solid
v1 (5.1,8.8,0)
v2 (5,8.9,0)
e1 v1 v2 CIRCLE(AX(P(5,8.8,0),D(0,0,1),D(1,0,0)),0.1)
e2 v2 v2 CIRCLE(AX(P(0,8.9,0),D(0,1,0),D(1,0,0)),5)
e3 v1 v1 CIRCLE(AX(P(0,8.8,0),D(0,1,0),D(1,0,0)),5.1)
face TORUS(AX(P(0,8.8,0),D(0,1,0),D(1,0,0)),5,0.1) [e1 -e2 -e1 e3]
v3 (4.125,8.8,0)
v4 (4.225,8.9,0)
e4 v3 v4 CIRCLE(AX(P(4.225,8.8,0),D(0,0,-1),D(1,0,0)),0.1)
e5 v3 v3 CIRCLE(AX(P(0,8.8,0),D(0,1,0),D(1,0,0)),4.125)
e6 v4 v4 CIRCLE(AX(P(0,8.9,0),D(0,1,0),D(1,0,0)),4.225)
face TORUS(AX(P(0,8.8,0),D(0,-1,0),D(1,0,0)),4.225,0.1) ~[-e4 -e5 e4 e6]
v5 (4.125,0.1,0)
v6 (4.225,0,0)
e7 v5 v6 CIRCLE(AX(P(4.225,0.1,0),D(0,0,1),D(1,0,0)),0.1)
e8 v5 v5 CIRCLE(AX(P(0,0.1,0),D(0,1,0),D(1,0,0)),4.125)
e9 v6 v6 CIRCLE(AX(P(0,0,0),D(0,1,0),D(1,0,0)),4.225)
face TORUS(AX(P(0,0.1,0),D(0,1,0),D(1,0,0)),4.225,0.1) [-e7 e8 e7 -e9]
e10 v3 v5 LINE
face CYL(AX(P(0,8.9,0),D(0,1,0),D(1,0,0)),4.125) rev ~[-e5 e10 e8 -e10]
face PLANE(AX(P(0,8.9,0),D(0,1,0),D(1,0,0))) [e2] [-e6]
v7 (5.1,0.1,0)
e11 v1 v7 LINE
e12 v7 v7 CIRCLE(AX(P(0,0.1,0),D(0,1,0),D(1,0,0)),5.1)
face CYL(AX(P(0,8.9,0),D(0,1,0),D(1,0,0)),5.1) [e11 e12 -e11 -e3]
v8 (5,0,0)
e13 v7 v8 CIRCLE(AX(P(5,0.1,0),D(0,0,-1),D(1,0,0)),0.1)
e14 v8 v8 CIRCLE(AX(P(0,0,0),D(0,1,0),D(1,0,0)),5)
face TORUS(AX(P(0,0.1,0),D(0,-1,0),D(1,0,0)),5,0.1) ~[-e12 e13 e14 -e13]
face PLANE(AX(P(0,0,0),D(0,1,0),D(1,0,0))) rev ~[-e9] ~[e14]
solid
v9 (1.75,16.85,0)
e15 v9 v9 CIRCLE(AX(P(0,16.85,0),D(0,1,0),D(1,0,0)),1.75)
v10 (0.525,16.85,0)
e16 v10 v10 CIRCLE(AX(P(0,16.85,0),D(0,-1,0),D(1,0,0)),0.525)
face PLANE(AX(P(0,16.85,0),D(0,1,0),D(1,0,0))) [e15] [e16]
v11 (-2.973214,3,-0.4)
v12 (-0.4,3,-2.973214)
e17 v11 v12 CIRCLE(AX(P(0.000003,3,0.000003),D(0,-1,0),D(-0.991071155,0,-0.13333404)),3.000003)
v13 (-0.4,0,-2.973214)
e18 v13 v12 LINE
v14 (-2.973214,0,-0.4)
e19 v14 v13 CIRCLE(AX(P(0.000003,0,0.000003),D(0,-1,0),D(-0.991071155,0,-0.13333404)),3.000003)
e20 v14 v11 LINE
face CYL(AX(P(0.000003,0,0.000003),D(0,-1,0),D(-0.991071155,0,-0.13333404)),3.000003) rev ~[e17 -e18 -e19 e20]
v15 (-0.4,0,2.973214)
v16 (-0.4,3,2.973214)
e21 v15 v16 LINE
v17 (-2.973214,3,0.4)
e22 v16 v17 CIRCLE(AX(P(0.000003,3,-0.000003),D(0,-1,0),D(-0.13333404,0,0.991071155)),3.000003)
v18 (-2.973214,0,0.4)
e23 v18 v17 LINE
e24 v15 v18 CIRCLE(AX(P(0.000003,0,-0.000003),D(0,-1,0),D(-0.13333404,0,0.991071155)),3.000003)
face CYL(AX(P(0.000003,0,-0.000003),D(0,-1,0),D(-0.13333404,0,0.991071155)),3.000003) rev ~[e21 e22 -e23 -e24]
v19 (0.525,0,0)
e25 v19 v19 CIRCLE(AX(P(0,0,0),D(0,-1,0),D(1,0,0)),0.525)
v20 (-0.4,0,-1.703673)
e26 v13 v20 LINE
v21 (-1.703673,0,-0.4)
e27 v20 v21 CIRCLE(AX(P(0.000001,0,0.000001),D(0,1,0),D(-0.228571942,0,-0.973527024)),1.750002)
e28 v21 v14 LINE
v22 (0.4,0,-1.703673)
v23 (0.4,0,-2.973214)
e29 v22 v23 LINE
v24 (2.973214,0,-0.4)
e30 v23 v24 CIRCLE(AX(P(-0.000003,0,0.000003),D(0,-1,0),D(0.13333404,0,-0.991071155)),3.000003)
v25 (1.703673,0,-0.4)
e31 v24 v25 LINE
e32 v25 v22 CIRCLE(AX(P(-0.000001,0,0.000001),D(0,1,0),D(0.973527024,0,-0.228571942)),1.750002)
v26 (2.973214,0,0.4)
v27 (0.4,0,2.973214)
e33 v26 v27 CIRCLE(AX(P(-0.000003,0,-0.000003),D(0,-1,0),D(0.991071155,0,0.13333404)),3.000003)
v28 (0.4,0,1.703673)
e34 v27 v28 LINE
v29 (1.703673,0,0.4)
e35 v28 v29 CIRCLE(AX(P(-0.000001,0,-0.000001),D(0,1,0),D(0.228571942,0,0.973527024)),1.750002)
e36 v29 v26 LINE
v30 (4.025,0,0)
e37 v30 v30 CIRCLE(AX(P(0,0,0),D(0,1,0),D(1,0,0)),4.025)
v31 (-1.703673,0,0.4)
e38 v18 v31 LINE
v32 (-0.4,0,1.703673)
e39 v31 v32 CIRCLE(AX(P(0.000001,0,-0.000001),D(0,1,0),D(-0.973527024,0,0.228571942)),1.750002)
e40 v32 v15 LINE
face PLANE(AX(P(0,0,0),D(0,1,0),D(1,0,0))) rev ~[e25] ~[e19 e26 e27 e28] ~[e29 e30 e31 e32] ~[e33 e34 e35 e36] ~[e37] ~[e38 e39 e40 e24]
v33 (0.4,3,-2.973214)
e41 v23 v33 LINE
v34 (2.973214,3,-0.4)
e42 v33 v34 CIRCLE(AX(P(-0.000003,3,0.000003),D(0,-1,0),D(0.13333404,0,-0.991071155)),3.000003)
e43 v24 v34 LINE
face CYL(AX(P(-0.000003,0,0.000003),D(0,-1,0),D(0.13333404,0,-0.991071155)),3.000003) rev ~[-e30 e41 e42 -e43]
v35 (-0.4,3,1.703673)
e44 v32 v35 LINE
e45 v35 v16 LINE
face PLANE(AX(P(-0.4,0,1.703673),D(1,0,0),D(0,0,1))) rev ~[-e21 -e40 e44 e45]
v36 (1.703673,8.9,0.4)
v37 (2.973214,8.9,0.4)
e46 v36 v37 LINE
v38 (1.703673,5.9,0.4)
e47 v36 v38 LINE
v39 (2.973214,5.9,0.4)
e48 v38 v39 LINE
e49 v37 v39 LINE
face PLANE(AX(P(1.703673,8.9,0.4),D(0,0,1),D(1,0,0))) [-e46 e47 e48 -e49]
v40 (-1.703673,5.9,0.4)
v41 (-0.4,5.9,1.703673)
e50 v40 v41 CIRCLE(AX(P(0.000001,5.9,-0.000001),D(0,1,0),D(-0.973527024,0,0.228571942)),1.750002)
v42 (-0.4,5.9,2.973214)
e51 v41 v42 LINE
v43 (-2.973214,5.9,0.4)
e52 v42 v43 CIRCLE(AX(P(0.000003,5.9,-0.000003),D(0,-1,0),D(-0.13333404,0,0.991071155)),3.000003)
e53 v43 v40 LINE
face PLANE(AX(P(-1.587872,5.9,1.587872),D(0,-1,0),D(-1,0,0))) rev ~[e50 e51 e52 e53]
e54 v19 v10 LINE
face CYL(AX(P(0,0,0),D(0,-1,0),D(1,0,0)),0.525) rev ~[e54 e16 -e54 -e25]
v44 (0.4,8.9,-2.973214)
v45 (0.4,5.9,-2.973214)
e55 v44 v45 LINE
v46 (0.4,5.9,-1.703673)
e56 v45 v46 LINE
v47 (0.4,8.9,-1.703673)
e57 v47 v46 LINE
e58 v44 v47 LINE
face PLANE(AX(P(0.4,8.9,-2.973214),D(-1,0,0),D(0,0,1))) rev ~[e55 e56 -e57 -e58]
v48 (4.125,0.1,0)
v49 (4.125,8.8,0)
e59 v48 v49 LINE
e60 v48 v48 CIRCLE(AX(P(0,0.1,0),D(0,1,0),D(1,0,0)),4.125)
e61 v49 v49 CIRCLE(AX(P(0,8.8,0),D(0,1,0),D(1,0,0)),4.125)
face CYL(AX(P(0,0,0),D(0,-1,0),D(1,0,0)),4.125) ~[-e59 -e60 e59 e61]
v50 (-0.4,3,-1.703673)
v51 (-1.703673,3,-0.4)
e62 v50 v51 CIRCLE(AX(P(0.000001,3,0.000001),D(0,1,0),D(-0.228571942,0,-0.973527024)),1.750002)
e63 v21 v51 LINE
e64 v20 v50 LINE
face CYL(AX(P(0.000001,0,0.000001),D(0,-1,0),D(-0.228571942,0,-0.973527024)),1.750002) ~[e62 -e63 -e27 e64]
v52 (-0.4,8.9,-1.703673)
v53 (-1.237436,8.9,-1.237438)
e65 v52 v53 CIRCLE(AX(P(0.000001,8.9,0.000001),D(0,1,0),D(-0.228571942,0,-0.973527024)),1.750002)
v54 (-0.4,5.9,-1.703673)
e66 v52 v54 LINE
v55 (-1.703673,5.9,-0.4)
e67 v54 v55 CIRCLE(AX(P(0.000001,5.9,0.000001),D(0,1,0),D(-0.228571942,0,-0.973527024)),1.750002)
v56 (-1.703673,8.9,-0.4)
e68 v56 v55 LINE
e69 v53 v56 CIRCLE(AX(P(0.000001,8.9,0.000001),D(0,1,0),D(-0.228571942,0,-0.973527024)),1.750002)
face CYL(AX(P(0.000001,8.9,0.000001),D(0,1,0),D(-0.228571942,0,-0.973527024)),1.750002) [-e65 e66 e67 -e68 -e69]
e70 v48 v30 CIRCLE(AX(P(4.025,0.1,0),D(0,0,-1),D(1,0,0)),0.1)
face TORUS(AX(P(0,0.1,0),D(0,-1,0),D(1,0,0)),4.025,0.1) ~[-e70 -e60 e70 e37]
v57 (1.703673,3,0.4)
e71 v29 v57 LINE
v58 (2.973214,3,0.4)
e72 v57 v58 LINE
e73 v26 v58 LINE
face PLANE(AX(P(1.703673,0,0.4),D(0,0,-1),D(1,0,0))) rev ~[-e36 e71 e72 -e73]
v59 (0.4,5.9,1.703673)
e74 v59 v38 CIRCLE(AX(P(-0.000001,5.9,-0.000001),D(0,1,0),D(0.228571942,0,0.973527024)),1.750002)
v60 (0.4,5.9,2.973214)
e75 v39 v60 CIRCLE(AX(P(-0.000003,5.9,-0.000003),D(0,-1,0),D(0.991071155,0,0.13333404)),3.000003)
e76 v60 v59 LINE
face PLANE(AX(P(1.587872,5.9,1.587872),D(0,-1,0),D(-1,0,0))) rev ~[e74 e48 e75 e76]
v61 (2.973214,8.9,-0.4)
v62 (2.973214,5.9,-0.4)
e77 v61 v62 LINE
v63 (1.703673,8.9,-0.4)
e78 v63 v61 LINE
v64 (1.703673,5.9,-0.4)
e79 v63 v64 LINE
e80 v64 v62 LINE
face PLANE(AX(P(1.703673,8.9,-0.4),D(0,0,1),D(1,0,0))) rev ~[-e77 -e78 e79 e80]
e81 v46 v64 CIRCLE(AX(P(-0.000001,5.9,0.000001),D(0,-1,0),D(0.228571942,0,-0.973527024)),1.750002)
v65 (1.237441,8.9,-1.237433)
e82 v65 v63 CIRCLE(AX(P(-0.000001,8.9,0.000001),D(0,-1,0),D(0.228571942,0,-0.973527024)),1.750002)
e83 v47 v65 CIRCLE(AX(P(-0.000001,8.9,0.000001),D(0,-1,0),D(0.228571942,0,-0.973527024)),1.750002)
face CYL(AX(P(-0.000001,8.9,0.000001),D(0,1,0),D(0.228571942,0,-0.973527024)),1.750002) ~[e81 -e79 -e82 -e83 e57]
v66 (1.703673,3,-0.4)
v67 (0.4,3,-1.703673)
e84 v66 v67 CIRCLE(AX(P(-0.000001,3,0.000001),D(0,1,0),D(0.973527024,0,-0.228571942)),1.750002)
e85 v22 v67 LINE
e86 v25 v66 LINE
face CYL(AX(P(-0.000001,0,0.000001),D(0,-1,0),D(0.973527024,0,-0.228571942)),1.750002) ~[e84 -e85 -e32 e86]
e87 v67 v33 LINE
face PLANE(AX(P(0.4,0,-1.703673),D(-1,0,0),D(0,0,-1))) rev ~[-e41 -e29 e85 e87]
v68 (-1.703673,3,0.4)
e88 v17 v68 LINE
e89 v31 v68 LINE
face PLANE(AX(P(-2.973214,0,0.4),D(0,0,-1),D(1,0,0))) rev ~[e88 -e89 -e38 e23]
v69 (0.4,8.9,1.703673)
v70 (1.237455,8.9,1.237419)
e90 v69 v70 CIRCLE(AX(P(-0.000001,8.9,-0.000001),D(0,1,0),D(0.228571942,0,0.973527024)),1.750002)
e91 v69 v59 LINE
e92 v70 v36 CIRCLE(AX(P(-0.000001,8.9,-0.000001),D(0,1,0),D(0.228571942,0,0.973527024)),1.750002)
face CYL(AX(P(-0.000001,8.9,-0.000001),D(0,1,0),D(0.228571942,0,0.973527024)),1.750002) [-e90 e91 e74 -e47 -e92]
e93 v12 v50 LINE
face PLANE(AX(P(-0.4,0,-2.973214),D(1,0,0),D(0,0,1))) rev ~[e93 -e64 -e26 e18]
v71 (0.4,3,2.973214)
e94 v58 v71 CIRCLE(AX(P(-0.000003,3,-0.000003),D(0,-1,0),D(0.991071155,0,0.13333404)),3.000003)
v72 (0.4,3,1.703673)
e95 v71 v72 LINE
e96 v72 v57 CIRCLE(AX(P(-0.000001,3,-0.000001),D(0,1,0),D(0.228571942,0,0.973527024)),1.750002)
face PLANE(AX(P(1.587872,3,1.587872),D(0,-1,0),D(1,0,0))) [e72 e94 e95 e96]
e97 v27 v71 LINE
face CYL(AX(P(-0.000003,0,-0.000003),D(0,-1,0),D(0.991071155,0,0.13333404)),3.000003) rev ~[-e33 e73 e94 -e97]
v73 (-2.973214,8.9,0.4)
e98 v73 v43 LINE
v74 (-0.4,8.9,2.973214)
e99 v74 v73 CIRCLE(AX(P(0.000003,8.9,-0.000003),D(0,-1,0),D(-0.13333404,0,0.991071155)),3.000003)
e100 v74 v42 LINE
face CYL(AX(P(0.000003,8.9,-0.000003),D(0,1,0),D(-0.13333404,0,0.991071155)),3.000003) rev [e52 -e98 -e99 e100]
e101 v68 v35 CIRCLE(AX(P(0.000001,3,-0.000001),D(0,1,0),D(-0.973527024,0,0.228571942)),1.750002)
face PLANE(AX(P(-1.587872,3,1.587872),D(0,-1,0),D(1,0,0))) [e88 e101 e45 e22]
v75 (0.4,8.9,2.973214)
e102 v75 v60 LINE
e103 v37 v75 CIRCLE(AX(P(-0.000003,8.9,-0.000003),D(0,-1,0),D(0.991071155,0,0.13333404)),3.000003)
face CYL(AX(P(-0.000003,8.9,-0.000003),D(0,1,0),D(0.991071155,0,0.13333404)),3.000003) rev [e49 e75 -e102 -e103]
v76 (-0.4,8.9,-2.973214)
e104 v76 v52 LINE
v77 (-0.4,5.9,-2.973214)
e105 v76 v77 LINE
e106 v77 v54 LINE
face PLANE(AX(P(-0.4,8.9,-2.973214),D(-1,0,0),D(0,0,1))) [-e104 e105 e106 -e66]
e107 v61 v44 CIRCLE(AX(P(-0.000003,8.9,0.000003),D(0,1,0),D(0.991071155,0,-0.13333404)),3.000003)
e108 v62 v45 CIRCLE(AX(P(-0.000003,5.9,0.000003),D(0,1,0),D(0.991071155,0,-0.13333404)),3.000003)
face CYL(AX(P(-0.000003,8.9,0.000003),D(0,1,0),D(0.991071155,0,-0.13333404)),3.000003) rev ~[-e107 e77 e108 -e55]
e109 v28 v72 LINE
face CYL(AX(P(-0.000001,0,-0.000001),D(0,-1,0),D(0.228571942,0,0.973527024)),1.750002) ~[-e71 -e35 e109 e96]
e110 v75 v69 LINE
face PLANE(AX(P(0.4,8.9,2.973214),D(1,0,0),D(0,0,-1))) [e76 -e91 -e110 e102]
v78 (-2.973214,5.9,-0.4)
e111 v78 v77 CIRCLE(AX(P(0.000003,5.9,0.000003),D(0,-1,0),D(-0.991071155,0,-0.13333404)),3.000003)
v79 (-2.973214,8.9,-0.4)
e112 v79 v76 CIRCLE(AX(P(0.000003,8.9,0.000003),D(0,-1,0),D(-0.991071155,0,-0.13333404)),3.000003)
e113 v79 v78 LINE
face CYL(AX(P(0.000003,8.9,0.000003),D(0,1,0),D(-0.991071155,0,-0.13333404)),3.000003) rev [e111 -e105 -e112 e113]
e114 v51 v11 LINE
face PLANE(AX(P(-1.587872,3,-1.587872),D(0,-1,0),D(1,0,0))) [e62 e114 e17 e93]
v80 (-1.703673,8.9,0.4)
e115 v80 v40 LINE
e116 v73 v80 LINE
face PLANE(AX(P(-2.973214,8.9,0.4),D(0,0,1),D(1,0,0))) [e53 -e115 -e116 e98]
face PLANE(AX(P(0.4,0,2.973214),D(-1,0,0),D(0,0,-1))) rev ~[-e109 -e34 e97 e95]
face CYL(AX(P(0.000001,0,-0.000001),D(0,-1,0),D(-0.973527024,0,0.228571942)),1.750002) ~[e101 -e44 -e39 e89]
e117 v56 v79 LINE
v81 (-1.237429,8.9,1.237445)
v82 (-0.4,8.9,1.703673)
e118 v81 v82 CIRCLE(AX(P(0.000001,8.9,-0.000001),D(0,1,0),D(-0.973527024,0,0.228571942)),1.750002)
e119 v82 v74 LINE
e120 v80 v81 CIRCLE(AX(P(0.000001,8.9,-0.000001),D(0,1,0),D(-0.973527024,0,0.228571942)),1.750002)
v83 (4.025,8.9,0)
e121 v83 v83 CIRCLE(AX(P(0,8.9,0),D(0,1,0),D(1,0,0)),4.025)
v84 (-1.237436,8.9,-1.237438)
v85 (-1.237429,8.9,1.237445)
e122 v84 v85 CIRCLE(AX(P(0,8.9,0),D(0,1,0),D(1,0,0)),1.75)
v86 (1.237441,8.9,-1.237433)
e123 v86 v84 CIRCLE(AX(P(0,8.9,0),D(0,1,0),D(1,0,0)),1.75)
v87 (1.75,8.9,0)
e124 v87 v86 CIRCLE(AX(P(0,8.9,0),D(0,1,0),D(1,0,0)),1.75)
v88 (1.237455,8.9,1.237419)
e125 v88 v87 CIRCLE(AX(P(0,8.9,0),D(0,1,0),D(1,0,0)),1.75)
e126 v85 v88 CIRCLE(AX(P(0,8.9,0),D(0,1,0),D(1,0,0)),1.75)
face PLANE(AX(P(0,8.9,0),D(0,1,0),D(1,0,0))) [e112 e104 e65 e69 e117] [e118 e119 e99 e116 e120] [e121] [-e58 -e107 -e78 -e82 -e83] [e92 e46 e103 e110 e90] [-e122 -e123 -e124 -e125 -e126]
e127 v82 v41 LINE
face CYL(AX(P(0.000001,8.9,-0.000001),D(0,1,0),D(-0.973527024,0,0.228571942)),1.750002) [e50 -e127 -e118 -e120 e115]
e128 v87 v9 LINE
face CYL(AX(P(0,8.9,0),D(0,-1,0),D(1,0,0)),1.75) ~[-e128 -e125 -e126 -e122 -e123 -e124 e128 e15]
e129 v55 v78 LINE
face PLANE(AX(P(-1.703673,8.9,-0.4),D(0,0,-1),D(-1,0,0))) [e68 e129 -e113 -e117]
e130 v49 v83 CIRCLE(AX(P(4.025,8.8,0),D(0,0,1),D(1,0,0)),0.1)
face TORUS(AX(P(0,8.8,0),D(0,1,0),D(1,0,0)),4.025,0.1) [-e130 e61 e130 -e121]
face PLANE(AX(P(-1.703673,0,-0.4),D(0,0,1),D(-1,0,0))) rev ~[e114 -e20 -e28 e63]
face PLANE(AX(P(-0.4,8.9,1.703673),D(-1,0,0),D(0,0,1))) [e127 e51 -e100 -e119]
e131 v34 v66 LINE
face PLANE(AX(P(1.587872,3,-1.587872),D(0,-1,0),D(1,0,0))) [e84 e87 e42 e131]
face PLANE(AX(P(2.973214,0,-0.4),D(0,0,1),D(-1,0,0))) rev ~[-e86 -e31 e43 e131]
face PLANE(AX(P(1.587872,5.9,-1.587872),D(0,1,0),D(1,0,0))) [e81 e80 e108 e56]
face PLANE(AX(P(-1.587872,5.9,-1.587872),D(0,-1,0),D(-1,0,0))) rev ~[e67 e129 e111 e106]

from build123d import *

# Parameters (mm, degrees)
SKETCH_1_R          = 4.125
EXTRUDE_1_DEPTH     = 8.9
SKETCH_2_R          = 1.75
EXTRUDE_2_DEPTH     = 7.95
CUT_EXTRUDE_1_DEPTH = 3
CUT_EXTRUDE_2_DEPTH = 3
SKETCH_5_R          = 0.525
CUT_EXTRUDE_3_DEPTH = 16.85
SKETCH_6_R          = 5.1
SKETCH_6_R_2        = 4.125
EXTRUDE_3_DEPTH     = 8.9
FILLET_1_R          = 0.1
FILLET_2_R          = 0.1


with BuildPart() as part:
    # Эскиз1 → Бобышка-Вытянуть1 (new body)
    with BuildSketch(Plane(origin=(0, 0, 0), x_dir=(1, 0, 0), z_dir=(0, 1, 0))):
        Circle(SKETCH_1_R)
    extrude(amount=EXTRUDE_1_DEPTH)

    # Эскиз2 → Бобышка-Вытянуть2 (add)
    with BuildSketch(Plane(origin=(0, 8.9, 0), x_dir=(1, 0, 0), z_dir=(0, 1, 0))):
        Circle(SKETCH_2_R)
    extrude(amount=EXTRUDE_2_DEPTH)

    # Эскиз3 → Вырез-Вытянуть1 (cut)
    with BuildSketch(Plane(origin=(0, 8.9, 0), x_dir=(1, 0, 0), z_dir=(0, 1, 0))):
        with BuildLine():
            Line((-0.4, 2.973214), (-0.4, 1.703673))
            ThreePointArc((-0.4, 1.703673), (-1.237437, 1.237437), (-1.703673, 0.4))
            Line((-1.703673, 0.4), (-2.973214, 0.4))
            ThreePointArc((-2.973214, 0.4), (-2.12132, 2.12132), (-0.4, 2.973214))
        make_face()
        with BuildLine():
            Line((-2.973214, -0.4), (-1.703673, -0.4))
            ThreePointArc((-1.703673, -0.4), (-1.237437, -1.237437), (-0.4, -1.703673))
            Line((-0.4, -1.703673), (-0.4, -2.973214))
            ThreePointArc((-0.4, -2.973214), (-2.12132, -2.12132), (-2.973214, -0.4))
        make_face()
        with BuildLine():
            Line((0.4, 2.973214), (0.4, 1.703673))
            ThreePointArc((0.4, 1.703673), (1.237437, 1.237437), (1.703673, 0.4))
            Line((1.703673, 0.4), (2.973214, 0.4))
            ThreePointArc((2.973214, 0.4), (2.12132, 2.12132), (0.4, 2.973214))
        make_face()
        with BuildLine():
            Line((1.703673, -0.4), (2.973214, -0.4))
            ThreePointArc((2.973214, -0.4), (2.12132, -2.12132), (0.4, -2.973214))
            Line((0.4, -2.973214), (0.4, -1.703673))
            ThreePointArc((0.4, -1.703673), (1.237437, -1.237437), (1.703673, -0.4))
        make_face()
    extrude(amount=-CUT_EXTRUDE_1_DEPTH, mode=Mode.SUBTRACT)

    # Эскиз4 → Вырез-Вытянуть2 (cut)
    with BuildSketch(Plane.XZ):
        with BuildLine():
            Line((0.4, -1.703673), (0.4, -2.973214))
            ThreePointArc((0.4, -2.973214), (2.12132, -2.12132), (2.973214, -0.4))
            Line((2.973214, -0.4), (1.703673, -0.4))
            ThreePointArc((1.703673, -0.4), (1.237437, -1.237437), (0.4, -1.703673))
        make_face()
        with BuildLine():
            Line((0.4, 2.973214), (0.4, 1.703673))
            ThreePointArc((0.4, 1.703673), (1.237437, 1.237437), (1.703673, 0.4))
            Line((1.703673, 0.4), (2.973214, 0.4))
            ThreePointArc((2.973214, 0.4), (2.12132, 2.12132), (0.4, 2.973214))
        make_face()
        with BuildLine():
            Line((-2.973214, 0.4), (-1.703673, 0.4))
            ThreePointArc((-1.703673, 0.4), (-1.237437, 1.237437), (-0.4, 1.703673))
            Line((-0.4, 1.703673), (-0.4, 2.973214))
            ThreePointArc((-0.4, 2.973214), (-2.12132, 2.12132), (-2.973214, 0.4))
        make_face()
        with BuildLine():
            Line((-1.703673, -0.4), (-2.973214, -0.4))
            ThreePointArc((-2.973214, -0.4), (-2.12132, -2.12132), (-0.4, -2.973214))
            Line((-0.4, -2.973214), (-0.4, -1.703673))
            ThreePointArc((-0.4, -1.703673), (-1.237437, -1.237437), (-1.703673, -0.4))
        make_face()
    extrude(amount=-CUT_EXTRUDE_2_DEPTH, mode=Mode.SUBTRACT)

    # Эскиз5 → Вырез-Вытянуть3 (cut)
    with BuildSketch(Plane.XZ):
        Circle(SKETCH_5_R)
    extrude(amount=-CUT_EXTRUDE_3_DEPTH, mode=Mode.SUBTRACT)

    # Скругление2
    fillet_2_edges = [part.edges().sort_by_distance(p)[0] for p in [
        (-4.125, 0, 0),
        (-4.125, 8.9, 0),
    ]]
    fillet(fillet_2_edges, radius=FILLET_2_R)


with BuildPart() as body_2:
    # Эскиз6 → Бобышка-Вытянуть3 (new body)
    with BuildSketch(Plane(origin=(0, 8.9, 0), x_dir=(1, 0, 0), z_dir=(0, 1, 0))):
        Circle(SKETCH_6_R)
        Circle(SKETCH_6_R_2, mode=Mode.SUBTRACT)
    extrude(amount=-EXTRUDE_3_DEPTH)

    # Скругление1
    fillet_1_edges = [body_2.edges().sort_by_distance(p)[0] for p in [
        (-5.1, 8.9, 0),
        (-4.125, 8.9, 0),
        (-5.1, 0, 0),
        (-4.125, 0, 0),
    ]]
    fillet(fillet_1_edges, radius=FILLET_1_R)


solid = Compound([part.part, body_2.part])
